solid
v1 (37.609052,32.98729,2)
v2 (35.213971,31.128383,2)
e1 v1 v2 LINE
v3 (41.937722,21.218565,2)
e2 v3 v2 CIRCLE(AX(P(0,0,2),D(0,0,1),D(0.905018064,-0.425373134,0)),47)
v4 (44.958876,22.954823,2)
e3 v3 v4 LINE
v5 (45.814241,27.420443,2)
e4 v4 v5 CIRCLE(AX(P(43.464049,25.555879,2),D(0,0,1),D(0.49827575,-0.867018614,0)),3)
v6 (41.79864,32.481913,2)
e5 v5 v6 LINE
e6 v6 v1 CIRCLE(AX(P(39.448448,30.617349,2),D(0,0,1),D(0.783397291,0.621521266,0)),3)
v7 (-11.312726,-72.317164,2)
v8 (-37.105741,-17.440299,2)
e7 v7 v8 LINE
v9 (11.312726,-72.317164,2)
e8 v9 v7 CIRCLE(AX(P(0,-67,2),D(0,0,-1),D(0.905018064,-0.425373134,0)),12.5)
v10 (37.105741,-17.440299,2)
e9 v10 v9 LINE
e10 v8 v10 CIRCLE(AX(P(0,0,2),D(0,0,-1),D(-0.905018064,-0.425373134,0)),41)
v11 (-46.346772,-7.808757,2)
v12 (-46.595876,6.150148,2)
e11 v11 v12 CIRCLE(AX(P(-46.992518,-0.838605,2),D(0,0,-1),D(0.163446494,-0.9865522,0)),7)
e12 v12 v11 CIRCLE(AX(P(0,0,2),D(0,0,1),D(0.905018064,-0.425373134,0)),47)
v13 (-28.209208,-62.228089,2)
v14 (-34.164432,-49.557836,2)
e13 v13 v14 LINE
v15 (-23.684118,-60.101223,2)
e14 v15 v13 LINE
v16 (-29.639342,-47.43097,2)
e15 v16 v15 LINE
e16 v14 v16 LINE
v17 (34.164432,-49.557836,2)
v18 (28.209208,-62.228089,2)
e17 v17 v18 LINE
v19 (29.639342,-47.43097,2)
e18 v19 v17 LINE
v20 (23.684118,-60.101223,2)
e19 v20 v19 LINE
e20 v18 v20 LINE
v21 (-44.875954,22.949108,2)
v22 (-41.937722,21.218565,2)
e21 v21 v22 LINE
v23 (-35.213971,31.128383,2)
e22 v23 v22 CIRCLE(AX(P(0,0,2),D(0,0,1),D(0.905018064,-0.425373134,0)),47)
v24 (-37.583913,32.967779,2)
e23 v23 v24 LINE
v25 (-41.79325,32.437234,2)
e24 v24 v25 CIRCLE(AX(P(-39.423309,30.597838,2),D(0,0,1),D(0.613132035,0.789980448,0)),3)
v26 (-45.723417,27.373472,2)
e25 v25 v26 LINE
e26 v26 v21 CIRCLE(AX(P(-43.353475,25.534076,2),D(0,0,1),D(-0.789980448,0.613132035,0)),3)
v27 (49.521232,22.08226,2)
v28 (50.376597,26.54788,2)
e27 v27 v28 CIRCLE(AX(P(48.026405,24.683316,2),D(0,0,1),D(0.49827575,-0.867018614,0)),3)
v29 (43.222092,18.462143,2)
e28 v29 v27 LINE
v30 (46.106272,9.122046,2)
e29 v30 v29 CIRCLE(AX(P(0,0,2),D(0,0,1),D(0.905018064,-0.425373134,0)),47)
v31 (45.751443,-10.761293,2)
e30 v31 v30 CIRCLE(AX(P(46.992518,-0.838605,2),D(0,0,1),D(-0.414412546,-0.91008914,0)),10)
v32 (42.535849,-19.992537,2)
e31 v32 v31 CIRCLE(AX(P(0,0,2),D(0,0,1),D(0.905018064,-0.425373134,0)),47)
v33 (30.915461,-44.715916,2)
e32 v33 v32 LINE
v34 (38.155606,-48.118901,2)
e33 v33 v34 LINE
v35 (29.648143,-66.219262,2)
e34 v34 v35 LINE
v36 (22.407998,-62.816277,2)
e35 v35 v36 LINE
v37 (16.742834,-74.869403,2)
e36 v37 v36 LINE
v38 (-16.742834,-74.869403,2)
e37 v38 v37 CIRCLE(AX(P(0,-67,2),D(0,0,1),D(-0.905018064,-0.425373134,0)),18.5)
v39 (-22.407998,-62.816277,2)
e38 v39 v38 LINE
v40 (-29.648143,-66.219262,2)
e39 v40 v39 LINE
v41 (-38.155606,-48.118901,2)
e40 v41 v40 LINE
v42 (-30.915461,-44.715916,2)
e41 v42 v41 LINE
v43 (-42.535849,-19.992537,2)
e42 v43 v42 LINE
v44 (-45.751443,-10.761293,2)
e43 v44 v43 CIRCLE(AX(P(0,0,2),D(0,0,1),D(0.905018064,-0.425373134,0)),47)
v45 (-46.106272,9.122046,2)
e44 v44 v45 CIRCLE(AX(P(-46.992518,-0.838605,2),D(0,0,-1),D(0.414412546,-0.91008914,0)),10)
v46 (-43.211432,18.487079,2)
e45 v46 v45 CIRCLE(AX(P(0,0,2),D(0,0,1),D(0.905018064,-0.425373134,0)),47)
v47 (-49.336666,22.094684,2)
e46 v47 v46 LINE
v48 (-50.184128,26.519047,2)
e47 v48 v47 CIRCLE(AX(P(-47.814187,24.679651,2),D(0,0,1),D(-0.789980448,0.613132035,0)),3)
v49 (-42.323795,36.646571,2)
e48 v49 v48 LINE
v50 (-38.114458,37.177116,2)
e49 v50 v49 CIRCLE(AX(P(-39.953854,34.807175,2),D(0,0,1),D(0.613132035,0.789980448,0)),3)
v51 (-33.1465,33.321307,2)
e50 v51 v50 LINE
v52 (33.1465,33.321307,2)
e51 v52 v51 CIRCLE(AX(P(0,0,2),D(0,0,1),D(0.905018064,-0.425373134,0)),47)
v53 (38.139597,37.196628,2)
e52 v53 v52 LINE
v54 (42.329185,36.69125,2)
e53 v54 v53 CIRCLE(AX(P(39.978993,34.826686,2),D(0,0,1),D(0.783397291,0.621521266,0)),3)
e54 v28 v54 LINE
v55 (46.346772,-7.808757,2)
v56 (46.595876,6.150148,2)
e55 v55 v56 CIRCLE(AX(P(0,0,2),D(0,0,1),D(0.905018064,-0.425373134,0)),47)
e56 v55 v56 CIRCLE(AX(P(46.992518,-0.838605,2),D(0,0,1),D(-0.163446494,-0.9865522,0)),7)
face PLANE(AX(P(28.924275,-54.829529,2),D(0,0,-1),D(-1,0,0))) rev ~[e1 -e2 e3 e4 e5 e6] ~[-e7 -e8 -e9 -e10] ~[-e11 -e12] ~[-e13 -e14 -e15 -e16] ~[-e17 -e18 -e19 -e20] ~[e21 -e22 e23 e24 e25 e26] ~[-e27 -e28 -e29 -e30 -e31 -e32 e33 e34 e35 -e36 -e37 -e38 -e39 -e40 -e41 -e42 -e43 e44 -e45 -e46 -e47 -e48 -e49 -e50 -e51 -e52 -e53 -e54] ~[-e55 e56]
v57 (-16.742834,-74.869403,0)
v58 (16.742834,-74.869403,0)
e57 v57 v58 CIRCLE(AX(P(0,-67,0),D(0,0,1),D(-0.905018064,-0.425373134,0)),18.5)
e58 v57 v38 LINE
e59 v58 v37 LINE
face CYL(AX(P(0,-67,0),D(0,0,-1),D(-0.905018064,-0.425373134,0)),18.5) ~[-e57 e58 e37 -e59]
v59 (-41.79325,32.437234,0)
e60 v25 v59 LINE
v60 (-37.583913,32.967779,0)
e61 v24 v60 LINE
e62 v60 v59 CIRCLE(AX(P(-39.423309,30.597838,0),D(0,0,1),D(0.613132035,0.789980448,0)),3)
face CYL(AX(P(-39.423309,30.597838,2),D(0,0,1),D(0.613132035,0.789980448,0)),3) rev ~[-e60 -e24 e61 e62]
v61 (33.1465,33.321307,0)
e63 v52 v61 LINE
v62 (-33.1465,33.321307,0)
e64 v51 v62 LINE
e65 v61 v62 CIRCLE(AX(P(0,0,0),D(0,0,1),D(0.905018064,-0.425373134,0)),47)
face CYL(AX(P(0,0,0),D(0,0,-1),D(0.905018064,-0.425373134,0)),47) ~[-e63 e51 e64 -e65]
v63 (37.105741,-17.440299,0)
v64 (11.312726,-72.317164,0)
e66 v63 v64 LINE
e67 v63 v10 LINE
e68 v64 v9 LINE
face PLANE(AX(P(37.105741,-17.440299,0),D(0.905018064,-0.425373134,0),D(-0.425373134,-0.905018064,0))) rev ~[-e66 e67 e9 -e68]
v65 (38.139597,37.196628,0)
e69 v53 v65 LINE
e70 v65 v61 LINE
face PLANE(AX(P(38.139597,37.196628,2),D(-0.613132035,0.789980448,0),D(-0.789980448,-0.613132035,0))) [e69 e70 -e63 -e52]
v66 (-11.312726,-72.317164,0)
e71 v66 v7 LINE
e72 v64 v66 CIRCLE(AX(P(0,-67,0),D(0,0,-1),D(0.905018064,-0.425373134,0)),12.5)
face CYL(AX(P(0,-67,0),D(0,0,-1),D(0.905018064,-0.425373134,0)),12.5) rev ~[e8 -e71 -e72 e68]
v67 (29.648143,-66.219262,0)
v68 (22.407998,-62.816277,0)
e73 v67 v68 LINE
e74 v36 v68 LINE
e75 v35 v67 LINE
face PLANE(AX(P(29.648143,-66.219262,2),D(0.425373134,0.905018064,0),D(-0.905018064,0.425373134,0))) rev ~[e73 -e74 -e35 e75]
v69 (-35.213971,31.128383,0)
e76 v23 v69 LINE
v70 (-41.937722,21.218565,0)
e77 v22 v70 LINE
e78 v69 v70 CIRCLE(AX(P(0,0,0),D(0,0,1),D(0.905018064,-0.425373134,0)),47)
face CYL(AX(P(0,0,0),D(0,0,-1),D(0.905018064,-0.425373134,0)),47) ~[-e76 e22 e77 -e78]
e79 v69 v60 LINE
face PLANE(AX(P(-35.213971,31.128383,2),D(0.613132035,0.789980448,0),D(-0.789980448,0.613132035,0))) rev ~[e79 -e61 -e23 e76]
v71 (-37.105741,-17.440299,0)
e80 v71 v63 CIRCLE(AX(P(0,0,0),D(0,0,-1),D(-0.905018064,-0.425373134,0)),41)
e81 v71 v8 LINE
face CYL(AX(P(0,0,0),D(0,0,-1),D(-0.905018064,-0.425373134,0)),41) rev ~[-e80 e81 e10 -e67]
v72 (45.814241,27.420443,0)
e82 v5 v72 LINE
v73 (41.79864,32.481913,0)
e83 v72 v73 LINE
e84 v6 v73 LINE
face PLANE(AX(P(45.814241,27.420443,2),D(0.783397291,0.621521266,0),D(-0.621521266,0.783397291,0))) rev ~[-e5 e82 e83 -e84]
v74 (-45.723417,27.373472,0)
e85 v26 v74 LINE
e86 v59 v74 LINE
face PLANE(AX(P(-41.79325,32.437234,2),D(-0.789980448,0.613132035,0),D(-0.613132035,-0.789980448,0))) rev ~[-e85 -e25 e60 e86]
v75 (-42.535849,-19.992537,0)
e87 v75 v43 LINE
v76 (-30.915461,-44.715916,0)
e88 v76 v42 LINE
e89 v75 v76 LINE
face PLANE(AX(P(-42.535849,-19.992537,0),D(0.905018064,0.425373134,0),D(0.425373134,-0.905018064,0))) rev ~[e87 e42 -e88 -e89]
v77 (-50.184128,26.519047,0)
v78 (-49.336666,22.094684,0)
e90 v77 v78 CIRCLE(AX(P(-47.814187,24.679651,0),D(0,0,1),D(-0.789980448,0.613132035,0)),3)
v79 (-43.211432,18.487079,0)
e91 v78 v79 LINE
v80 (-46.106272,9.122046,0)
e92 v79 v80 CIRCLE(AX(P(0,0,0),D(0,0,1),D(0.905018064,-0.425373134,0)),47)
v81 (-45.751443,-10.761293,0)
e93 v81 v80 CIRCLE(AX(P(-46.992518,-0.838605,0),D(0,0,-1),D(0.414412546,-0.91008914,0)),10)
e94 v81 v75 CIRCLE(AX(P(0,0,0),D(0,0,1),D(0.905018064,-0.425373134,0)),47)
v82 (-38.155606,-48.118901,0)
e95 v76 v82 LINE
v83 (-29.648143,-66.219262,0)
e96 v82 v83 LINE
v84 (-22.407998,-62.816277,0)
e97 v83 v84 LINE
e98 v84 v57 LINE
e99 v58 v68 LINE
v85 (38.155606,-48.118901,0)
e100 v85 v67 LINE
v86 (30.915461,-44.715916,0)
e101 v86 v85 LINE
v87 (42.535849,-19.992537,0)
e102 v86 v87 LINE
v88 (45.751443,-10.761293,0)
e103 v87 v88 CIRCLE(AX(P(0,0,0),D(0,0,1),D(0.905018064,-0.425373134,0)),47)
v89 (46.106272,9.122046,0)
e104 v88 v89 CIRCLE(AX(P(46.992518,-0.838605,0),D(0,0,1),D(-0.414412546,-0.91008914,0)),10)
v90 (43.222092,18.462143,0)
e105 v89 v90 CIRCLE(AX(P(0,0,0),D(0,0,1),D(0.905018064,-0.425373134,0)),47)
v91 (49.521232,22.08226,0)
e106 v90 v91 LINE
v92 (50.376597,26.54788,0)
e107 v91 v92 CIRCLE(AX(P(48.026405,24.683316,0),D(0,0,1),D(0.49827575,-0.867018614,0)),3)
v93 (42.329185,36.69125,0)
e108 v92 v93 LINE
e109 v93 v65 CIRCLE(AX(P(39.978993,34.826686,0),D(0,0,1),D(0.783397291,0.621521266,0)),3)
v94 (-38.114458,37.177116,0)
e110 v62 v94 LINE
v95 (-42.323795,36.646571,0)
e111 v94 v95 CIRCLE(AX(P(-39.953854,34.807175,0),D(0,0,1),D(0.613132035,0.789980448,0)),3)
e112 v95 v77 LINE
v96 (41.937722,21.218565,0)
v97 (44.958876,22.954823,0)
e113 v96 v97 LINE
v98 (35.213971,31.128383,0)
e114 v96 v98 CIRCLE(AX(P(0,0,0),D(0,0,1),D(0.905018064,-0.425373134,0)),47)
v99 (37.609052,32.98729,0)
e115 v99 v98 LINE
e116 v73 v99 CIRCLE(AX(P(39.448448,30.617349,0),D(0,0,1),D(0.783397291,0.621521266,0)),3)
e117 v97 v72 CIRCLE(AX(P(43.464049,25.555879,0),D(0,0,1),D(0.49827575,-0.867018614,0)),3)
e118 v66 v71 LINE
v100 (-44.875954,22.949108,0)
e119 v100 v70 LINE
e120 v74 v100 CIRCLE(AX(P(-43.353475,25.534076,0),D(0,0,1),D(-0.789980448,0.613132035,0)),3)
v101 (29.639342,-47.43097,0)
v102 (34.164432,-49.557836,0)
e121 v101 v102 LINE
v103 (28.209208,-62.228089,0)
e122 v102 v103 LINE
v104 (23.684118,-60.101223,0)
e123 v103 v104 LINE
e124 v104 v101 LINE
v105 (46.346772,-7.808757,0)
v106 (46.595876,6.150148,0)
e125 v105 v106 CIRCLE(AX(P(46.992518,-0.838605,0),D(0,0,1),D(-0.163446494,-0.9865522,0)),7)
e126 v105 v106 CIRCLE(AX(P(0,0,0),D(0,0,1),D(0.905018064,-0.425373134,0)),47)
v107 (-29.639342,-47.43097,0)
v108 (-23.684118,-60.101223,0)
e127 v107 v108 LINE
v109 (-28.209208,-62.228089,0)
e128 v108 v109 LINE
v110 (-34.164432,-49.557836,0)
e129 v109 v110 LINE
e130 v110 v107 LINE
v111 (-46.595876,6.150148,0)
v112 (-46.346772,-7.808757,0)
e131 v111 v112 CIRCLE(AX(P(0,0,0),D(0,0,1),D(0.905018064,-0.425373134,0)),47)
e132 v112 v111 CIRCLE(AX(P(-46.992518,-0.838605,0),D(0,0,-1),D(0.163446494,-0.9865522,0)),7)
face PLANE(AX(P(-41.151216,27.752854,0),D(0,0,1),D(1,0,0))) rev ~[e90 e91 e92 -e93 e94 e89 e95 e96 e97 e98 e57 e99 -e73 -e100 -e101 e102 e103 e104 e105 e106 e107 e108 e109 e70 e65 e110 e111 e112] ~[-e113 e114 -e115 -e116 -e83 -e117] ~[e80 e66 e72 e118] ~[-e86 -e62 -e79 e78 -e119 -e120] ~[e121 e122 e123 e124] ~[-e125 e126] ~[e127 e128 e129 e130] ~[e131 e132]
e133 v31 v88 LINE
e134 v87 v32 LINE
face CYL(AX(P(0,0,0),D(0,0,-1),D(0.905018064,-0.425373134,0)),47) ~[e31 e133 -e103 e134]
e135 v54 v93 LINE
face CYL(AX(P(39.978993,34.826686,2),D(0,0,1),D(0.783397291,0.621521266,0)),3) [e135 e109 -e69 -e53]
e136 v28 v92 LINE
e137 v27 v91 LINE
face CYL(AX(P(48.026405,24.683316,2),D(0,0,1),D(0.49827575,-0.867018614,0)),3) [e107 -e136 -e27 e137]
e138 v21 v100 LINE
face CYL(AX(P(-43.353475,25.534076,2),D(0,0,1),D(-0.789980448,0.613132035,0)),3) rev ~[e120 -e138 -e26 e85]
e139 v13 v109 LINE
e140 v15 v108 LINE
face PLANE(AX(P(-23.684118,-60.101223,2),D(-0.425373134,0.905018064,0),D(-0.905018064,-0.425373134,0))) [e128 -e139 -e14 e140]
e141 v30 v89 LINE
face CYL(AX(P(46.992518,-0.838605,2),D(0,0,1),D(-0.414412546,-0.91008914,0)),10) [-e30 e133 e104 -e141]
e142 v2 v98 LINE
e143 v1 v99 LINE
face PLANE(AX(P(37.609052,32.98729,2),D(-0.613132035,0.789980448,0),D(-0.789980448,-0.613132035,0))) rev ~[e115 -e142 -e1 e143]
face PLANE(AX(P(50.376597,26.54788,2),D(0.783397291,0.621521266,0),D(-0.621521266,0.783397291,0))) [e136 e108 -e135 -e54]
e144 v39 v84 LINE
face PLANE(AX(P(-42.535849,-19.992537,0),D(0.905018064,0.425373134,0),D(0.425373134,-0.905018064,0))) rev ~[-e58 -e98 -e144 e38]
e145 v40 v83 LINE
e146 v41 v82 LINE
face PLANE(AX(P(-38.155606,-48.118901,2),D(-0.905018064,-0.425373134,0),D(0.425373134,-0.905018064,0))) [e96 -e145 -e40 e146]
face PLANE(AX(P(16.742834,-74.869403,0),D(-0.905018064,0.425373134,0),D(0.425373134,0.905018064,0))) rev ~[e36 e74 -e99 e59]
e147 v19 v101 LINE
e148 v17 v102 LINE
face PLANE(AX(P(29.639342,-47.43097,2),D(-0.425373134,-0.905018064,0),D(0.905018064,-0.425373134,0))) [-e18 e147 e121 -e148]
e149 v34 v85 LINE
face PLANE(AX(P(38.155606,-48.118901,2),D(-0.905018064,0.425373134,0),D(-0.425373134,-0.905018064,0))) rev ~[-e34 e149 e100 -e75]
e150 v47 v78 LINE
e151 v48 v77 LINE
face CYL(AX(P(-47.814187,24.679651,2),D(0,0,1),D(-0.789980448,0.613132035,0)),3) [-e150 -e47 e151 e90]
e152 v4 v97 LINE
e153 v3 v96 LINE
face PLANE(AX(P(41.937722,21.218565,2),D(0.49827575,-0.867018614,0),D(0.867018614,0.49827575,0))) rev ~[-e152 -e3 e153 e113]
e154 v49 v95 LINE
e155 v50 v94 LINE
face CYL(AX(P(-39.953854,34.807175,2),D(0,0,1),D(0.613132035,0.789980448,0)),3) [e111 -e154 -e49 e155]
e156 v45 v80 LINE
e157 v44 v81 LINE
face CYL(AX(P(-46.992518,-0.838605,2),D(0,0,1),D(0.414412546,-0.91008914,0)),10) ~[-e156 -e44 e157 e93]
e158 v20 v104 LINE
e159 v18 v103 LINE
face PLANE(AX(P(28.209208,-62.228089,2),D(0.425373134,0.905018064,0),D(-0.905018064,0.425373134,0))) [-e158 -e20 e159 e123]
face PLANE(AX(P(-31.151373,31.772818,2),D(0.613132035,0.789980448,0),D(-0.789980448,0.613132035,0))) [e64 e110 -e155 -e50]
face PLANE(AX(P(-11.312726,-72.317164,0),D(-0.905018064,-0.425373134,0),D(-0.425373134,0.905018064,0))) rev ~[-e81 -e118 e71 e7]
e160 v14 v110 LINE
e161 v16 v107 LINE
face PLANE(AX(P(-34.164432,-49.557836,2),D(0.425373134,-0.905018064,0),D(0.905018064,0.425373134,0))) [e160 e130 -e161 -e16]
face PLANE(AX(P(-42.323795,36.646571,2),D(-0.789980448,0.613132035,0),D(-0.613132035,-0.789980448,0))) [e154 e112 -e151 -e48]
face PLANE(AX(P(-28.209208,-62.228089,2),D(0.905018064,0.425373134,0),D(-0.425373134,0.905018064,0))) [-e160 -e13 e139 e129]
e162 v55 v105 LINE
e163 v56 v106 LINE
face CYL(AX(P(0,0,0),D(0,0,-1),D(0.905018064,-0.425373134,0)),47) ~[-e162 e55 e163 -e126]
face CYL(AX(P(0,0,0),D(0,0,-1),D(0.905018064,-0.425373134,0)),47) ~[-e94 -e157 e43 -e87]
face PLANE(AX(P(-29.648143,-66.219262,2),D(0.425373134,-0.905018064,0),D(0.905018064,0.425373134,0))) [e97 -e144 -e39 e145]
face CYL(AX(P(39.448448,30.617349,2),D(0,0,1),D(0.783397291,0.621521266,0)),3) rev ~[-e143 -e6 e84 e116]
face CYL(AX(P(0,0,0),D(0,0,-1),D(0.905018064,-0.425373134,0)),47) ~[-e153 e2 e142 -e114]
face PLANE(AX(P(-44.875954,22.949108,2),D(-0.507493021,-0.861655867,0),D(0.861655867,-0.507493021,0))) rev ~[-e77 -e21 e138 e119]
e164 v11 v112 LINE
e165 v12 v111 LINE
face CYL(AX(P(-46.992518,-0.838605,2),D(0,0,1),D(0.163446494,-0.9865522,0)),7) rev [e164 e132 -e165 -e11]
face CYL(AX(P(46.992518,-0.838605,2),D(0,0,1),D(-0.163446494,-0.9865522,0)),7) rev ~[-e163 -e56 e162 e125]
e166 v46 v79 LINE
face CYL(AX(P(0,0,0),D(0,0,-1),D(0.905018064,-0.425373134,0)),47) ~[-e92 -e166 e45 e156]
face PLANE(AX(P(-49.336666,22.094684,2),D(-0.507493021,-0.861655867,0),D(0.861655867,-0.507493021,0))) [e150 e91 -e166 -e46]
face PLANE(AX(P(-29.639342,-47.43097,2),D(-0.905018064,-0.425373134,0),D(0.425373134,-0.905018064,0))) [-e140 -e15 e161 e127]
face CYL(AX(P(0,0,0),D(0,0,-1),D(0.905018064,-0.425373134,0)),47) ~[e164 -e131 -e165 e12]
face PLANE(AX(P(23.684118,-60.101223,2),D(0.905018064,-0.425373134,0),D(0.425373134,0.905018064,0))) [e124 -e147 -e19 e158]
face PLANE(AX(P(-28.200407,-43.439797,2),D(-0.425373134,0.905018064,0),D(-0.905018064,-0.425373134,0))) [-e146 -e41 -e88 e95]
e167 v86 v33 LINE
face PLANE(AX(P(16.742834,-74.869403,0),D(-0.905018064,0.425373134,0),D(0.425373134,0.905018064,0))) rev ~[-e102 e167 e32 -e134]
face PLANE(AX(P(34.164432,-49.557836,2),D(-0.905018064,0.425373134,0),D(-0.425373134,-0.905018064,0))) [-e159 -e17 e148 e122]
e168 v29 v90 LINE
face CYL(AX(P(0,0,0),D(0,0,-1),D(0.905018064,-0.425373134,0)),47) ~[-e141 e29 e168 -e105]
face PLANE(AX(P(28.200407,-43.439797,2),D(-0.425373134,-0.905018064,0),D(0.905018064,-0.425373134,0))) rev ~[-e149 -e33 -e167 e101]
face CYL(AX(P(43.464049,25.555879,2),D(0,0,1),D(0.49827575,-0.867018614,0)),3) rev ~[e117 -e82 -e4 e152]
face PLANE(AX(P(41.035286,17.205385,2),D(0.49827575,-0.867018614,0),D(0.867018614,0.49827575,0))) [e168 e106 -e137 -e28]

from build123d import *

# Parameters (mm, degrees)
BOSS_EXTRUDE1_DEPTH = 2
BOSS_EXTRUDE2_DEPTH = 2
BOSS_EXTRUDE3_DEPTH = 2
BOSS_EXTRUDE4_DEPTH = 2


with BuildPart() as part:
    # Sketch1 → Boss-Extrude1 (new body)
    with BuildSketch(Plane.XY):
        with BuildLine():
            Line((-42.535849019, -19.992537313), (-16.742834188, -74.869402985))
            ThreePointArc((-16.742834188, -74.869402985), (0, -85.5), (16.742834188, -74.869402985))
            Line((16.742834188, -74.869402985), (42.535849019, -19.992537313))
            ThreePointArc((42.535849019, -19.992537313), (0, 47), (-42.535849019, -19.992537313))
        make_face()
        with BuildLine():
            Line((37.105740634, -17.440298507), (11.312725803, -72.317164179))
            ThreePointArc((11.312725803, -72.317164179), (0, -79.5), (-11.312725803, -72.317164179))
            Line((-11.312725803, -72.317164179), (-37.105740634, -17.440298507))
            ThreePointArc((-37.105740634, -17.440298507), (0, 41), (37.105740634, -17.440298507))
        make_face(mode=Mode.SUBTRACT)
    extrude(amount=BOSS_EXTRUDE1_DEPTH)

    # Sketch2 → Boss-Extrude2 (add)
    # profile 1 of 2: a face of its own
    with BuildSketch(Plane.XY.offset(2)):
        Polygon((38.155605521, -48.118901031), (29.648142834, -66.219262316), (19.692944127, -61.540157838), (28.200406814, -43.439796554), align=None)
        Polygon((29.639341604, -47.430970149), (34.164431925, -49.557835821), (28.209208044, -62.22808872), (23.684117723, -60.101223049), align=None, mode=Mode.SUBTRACT)
    # profile 2 of 2: a face of its own
    with BuildSketch(Plane.XY.offset(2)):
        Polygon((-28.200406814, -43.439796554), (-38.155605521, -48.118901031), (-29.648142834, -66.219262316), (-19.692944127, -61.540157838), align=None)
        Polygon((-29.639341604, -47.430970149), (-23.684117723, -60.101223049), (-28.209208044, -62.22808872), (-34.164431925, -49.557835821), align=None, mode=Mode.SUBTRACT)
    extrude(amount=-BOSS_EXTRUDE2_DEPTH)

    # Sketch3 → Boss-Extrude3 (add)
    # profile 1 of 2: a face of its own
    with BuildSketch(Plane.XY.offset(2)):
        with BuildLine():
            Line((-31.151373165, 31.772817784), (-38.114457897, 37.177116489))
            ThreePointArc((-38.114457897, 37.177116489), (-40.329006137, 37.783626199), (-42.323795344, 36.64657125))
            Line((-42.323795344, 36.64657125), (-50.184128352, 26.519047267))
            ThreePointArc((-50.184128352, 26.519047267), (-50.760622602, 24.115277799), (-49.336666072, 22.094683561))
            Line((-49.336666072, 22.094683561), (-41.03528616, 17.205385487))
            Line((-41.03528616, 17.205385487), (-31.151373165, 31.772817784))
        make_face()
        with BuildLine():
            Line((-35.213971315, 31.128382936), (-37.583912658, 32.967779041))
            ThreePointArc((-37.583912658, 32.967779041), (-39.798460899, 33.574288752), (-41.793250106, 32.437233803))
            Line((-41.793250106, 32.437233803), (-45.72341661, 27.373471811))
            ThreePointArc((-45.72341661, 27.373471811), (-46.29991086, 24.969702343), (-44.87595433, 22.949108105))
            Line((-44.87595433, 22.949108105), (-41.937721652, 21.218565047))
            Line((-41.937721652, 21.218565047), (-35.213971315, 31.128382936))
        make_face(mode=Mode.SUBTRACT)
    # profile 2 of 2: a face of its own
    with BuildSketch(Plane.XY.offset(2)):
        with BuildLine():
            Line((31.151373165, 31.772817784), (41.03528616, 17.205385487))
            Line((41.03528616, 17.205385487), (49.521231884, 22.082259987))
            ThreePointArc((49.521231884, 22.082259987), (50.972840228, 24.118942465), (50.376596508, 26.547879626))
            Line((50.376596508, 26.547879626), (42.329184832, 36.691250185))
            ThreePointArc((42.329184832, 36.691250185), (40.338269585, 37.80509541), (38.139596853, 37.19662773))
            Line((38.139596853, 37.19662773), (31.151373165, 31.772817784))
        make_face()
        with BuildLine():
            Line((35.213971315, 31.128382936), (41.937721652, 21.218565047))
            Line((41.937721652, 21.218565047), (44.9588763, 22.954823155))
            ThreePointArc((44.9588763, 22.954823155), (46.410484644, 24.991505634), (45.814240924, 27.420442794))
            Line((45.814240924, 27.420442794), (41.798639593, 32.481912737))
            ThreePointArc((41.798639593, 32.481912737), (39.807724347, 33.595757962), (37.609051614, 32.987290283))
            Line((37.609051614, 32.987290283), (35.213971315, 31.128382936))
        make_face(mode=Mode.SUBTRACT)
    extrude(amount=-BOSS_EXTRUDE3_DEPTH)

    # Sketch4 → Boss-Extrude4 (add)
    # profile 1 of 2: a face of its own
    with BuildSketch(Plane.XY.offset(2)):
        with BuildLine():
            Line((42.848392472, 8.262286082), (42.848392472, -9.939496711))
            ThreePointArc((42.848392472, -9.939496711), (56.992517927, -0.838605315), (42.848392472, 8.262286082))
        make_face()
        with BuildLine():
            Line((45.848392472, 6.067260087), (45.848392472, -7.744470716))
            ThreePointArc((45.848392472, -7.744470716), (53.992517927, -0.838605315), (45.848392472, 6.067260087))
        make_face(mode=Mode.SUBTRACT)
    # profile 2 of 2: a face of its own
    with BuildSketch(Plane.XY.offset(2)):
        with BuildLine():
            Line((-42.848392472, 8.262286082), (-42.848392472, -9.939496711))
            ThreePointArc((-42.848392472, -9.939496711), (-56.992517927, -0.838605315), (-42.848392472, 8.262286082))
        make_face()
        with BuildLine():
            Line((-45.848392472, 6.067260087), (-45.848392472, -7.744470716))
            ThreePointArc((-45.848392472, -7.744470716), (-53.992517927, -0.838605315), (-45.848392472, 6.067260087))
        make_face(mode=Mode.SUBTRACT)
    extrude(amount=-BOSS_EXTRUDE4_DEPTH)


solid = part.part
